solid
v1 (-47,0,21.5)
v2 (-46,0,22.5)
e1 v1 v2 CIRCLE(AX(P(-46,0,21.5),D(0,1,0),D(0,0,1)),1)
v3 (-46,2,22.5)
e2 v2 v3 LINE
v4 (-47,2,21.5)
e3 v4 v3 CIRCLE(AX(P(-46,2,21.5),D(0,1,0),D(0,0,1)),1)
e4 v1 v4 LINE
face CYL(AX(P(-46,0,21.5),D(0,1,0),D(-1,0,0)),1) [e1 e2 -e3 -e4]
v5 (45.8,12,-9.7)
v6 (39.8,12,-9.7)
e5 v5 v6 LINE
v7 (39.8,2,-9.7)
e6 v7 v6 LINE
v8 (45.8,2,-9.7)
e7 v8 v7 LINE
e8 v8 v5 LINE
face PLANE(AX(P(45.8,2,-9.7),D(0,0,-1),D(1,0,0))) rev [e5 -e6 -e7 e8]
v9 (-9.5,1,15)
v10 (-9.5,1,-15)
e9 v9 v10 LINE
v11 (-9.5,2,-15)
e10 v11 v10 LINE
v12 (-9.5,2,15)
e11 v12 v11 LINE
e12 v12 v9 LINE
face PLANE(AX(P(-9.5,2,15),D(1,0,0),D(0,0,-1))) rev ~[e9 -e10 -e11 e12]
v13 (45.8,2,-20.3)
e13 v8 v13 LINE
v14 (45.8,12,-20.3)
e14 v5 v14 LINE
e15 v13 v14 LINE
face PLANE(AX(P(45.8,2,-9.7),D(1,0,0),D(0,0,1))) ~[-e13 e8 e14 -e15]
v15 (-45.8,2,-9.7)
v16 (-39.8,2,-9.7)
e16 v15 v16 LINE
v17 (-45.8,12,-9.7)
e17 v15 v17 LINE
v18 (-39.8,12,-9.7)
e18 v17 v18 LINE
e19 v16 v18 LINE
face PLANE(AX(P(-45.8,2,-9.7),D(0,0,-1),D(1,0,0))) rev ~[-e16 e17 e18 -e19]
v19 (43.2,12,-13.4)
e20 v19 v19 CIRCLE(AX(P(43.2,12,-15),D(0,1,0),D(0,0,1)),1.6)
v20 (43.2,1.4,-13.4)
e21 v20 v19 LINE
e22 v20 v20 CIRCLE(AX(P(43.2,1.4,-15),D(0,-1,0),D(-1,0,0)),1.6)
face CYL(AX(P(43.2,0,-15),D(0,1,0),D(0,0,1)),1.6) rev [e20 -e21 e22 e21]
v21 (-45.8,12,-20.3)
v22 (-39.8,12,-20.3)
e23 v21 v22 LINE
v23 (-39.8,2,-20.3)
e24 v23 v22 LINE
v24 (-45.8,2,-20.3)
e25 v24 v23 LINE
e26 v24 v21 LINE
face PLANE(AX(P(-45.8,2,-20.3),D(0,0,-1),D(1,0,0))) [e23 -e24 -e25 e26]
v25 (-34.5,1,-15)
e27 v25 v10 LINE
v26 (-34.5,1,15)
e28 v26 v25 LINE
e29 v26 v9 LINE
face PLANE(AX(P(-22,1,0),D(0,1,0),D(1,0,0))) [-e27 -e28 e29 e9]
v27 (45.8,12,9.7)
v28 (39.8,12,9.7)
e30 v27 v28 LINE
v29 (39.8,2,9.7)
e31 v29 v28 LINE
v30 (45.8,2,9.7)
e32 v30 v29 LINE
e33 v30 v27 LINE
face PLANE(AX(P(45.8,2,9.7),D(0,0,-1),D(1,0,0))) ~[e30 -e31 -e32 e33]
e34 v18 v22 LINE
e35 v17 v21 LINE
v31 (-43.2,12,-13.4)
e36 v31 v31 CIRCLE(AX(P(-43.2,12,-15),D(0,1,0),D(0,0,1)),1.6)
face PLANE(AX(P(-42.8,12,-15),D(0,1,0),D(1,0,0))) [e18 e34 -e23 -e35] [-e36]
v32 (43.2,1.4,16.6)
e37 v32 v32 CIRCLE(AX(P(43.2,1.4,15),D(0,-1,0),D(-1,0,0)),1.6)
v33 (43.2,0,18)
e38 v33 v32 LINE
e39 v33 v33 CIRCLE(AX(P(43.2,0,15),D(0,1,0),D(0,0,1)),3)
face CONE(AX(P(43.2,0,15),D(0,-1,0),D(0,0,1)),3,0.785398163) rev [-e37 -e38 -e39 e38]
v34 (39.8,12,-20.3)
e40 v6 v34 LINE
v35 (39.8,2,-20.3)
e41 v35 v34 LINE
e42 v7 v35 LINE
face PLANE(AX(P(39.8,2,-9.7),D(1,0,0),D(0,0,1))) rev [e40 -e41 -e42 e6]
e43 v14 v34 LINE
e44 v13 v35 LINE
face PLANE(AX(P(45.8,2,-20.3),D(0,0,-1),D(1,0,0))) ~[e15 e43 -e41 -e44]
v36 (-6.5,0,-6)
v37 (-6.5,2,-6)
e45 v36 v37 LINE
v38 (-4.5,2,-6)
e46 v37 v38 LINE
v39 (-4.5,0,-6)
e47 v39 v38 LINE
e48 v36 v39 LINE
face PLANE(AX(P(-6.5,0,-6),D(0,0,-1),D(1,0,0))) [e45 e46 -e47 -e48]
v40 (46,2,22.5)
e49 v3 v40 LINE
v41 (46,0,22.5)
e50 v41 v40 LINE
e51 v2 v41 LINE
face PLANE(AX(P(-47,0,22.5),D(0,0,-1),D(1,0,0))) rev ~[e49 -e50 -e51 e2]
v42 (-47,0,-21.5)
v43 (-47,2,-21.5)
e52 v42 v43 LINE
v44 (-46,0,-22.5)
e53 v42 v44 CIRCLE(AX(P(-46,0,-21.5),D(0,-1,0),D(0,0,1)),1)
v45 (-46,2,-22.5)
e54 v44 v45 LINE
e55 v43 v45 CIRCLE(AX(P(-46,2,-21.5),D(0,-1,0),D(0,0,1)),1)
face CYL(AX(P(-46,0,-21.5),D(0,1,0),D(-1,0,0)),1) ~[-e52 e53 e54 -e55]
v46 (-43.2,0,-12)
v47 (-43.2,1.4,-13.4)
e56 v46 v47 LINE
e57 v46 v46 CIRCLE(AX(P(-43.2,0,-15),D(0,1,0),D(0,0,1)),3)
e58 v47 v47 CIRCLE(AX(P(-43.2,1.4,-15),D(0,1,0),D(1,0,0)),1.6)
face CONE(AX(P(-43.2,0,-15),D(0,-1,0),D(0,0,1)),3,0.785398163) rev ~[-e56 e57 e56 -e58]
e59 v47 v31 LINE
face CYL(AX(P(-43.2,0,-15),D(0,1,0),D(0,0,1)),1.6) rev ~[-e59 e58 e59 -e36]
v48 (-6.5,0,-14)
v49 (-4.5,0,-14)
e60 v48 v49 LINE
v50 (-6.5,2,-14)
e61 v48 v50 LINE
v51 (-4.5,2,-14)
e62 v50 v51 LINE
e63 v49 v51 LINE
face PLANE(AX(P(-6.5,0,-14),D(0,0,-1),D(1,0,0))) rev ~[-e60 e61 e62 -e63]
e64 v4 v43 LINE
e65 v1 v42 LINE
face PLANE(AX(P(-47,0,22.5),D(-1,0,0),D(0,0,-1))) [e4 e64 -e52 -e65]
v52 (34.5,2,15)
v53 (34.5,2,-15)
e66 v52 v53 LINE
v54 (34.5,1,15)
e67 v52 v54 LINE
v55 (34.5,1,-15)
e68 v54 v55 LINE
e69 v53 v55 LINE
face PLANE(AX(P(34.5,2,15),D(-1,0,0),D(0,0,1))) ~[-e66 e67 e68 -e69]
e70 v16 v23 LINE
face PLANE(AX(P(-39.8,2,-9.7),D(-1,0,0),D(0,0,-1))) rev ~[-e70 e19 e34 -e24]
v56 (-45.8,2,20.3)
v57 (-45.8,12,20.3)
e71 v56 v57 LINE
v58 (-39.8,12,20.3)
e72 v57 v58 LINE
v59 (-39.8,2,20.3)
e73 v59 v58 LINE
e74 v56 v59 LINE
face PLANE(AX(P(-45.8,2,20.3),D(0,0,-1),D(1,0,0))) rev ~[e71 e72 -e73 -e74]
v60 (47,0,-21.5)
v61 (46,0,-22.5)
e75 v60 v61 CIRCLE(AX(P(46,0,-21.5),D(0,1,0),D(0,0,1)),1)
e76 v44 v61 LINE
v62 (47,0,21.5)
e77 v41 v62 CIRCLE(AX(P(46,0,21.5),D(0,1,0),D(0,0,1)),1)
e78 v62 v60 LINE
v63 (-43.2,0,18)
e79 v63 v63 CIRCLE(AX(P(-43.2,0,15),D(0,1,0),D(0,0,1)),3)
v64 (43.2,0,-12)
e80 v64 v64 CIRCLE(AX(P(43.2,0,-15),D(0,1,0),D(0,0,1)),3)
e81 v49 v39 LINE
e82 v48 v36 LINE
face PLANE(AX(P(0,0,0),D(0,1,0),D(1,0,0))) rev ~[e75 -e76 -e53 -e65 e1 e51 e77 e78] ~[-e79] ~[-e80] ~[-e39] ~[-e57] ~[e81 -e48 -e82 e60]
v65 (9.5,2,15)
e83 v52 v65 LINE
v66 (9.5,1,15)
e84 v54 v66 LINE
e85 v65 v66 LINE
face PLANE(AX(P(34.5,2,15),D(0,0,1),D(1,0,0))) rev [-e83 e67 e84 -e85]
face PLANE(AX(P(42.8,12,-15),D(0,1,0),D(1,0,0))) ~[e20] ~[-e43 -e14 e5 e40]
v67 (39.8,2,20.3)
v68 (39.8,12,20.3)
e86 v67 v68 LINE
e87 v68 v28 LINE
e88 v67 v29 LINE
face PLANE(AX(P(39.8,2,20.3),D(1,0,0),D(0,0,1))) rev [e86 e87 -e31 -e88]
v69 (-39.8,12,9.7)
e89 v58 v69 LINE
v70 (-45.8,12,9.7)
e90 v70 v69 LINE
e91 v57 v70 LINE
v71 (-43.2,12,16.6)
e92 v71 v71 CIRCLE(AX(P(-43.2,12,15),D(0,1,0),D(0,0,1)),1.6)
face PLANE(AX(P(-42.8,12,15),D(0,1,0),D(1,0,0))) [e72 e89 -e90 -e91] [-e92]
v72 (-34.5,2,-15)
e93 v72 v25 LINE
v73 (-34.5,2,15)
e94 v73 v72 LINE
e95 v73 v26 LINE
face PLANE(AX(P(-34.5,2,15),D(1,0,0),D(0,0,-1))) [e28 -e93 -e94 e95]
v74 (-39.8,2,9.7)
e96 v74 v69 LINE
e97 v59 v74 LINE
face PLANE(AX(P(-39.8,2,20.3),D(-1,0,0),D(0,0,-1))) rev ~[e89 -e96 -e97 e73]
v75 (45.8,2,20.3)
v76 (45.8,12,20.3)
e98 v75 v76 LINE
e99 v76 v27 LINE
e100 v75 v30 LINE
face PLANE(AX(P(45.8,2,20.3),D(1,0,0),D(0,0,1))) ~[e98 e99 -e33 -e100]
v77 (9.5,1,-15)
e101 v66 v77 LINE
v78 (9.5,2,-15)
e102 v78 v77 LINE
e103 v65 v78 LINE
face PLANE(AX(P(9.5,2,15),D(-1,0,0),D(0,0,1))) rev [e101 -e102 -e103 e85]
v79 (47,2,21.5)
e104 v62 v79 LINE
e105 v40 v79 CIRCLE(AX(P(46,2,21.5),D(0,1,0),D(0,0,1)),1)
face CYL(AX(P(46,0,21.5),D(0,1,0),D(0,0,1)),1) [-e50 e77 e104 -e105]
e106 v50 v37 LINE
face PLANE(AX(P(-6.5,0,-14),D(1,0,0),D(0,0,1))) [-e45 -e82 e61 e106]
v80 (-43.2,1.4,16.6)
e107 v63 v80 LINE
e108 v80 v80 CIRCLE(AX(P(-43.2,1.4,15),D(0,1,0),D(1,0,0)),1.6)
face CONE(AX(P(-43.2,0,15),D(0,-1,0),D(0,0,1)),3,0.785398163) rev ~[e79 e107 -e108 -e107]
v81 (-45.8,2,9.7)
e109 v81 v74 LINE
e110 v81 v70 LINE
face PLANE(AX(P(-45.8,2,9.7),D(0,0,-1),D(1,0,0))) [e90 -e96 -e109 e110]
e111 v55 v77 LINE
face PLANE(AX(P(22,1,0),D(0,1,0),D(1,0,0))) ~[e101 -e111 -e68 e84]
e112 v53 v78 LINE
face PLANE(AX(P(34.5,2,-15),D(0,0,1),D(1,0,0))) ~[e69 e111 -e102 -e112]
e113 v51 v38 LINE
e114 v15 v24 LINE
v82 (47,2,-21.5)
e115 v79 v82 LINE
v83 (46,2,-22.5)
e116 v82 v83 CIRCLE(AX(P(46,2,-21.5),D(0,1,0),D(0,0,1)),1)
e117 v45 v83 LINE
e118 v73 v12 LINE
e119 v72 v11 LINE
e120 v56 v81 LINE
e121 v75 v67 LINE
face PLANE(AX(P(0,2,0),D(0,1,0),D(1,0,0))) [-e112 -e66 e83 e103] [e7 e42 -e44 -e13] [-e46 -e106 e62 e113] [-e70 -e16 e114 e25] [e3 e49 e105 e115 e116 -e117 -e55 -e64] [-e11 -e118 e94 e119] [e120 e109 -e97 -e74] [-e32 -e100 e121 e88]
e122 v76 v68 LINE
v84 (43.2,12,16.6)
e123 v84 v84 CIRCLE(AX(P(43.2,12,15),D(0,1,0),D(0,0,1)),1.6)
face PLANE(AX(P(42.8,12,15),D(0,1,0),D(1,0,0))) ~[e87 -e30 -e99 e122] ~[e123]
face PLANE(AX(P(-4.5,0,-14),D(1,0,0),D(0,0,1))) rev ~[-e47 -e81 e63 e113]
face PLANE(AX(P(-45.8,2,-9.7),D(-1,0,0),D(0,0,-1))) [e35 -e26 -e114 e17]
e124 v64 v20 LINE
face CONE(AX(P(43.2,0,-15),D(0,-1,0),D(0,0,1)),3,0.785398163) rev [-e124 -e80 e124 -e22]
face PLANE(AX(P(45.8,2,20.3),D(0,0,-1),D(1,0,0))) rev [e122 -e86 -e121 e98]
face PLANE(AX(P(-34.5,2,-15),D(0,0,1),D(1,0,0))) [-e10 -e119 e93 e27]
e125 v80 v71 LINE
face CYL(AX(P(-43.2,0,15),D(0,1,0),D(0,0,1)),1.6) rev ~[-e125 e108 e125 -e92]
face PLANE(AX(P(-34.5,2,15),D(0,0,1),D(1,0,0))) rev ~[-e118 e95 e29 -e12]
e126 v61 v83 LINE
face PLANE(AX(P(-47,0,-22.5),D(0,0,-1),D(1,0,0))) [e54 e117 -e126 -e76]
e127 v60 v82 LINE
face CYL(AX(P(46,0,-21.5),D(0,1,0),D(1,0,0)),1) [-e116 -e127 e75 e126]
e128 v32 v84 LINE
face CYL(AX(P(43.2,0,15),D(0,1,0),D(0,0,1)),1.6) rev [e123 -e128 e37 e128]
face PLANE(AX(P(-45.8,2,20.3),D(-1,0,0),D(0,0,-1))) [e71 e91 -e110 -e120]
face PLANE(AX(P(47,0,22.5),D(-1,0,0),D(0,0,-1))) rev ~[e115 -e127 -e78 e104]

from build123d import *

# Parameters (mm, degrees)
SKETCH1_W                                           = 94
SKETCH1_H                                           = 45
BOSS_EXTRUDE1_DEPTH                                 = 2
FILLET1_R                                           = 1
SKETCH2_W                                           = 6
SKETCH2_H                                           = 10.6
BOSS_EXTRUDE2_DEPTH                                 = 10
SKETCH8_W                                           = 25
SKETCH8_H                                           = 30
CUT_EXTRUDE1_DEPTH                                  = 1
CSK_FOR_M5_COUNTERSUNK_FLAT_HEAD_SCREW1_D           = 3.2
CSK_FOR_M5_COUNTERSUNK_FLAT_HEAD_SCREW1_DEPTH       = 15
CSK_FOR_M5_COUNTERSUNK_FLAT_HEAD_SCREW1_CSINK_D     = 6
CSK_FOR_M5_COUNTERSUNK_FLAT_HEAD_SCREW1_CSINK_ANGLE = 90
CUT_EXTRUDE2_REACH                                  = 55.472
SKETCH9_W                                           = 2
SKETCH9_H                                           = 8


with BuildPart() as part:
    # Sketch1 → Boss-Extrude1 (new body)
    with BuildSketch(Plane(origin=(0, 0, 0), x_dir=(1, 0, 0), z_dir=(0, 1, 0))):
        Rectangle(SKETCH1_W, SKETCH1_H)
    extrude(amount=BOSS_EXTRUDE1_DEPTH)

    # Fillet1
    fillet1_edges = [part.edges().sort_by_distance(p)[0] for p in [
        (-47, 1, 22.5),
        (47, 1, 22.5),
        (47, 1, -22.5),
        (-47, 1, -22.5),
    ]]
    fillet(fillet1_edges, radius=FILLET1_R)

    # Sketch2 → Boss-Extrude2 (add)
    with BuildSketch(Plane(origin=(0, 2, 0), x_dir=(1, 0, 0), z_dir=(0, 1, 0))):
        with Locations((-42.8, -15)):
            Rectangle(SKETCH2_W, SKETCH2_H)
        with Locations((-42.8, 15)):
            Rectangle(SKETCH2_W, SKETCH2_H)
    boss_extrude2 = extrude(amount=BOSS_EXTRUDE2_DEPTH)

    # Sketch8 → Cut-Extrude1 (cut)
    with BuildSketch(Plane(origin=(0, 2, 0), x_dir=(1, 0, 0), z_dir=(0, 1, 0))):
        with Locations((-22, 0)):
            Rectangle(SKETCH8_W, SKETCH8_H)
    cut_extrude1 = extrude(amount=-CUT_EXTRUDE1_DEPTH, mode=Mode.SUBTRACT)

    # CSK for M5 Countersunk Flat Head Screw1
    with Locations(Plane(origin=(-43.2, 0, -15), x_dir=(0, 0, -1), z_dir=(0, -1, 0))):
        with Locations((0, 0), (-30, 0)):
            csk_for_m5_countersunk_flat_head_screw1 = CounterSinkHole(CSK_FOR_M5_COUNTERSUNK_FLAT_HEAD_SCREW1_D / 2, CSK_FOR_M5_COUNTERSUNK_FLAT_HEAD_SCREW1_CSINK_D / 2, depth=CSK_FOR_M5_COUNTERSUNK_FLAT_HEAD_SCREW1_DEPTH, counter_sink_angle=CSK_FOR_M5_COUNTERSUNK_FLAT_HEAD_SCREW1_CSINK_ANGLE)

    # Mirror1: Boss-Extrude2, Cut-Extrude1, CSK for M5 Countersunk Flat Head Screw1 across plane
    add(boss_extrude2.mirror(Plane.ZY))
    add(cut_extrude1.mirror(Plane.ZY), mode=Mode.SUBTRACT)
    add(csk_for_m5_countersunk_flat_head_screw1.mirror(Plane.ZY), mode=Mode.SUBTRACT)

    # Sketch9 → Cut-Extrude2 (cut, up to next)
    with BuildSketch(Plane.XZ, mode=Mode.PRIVATE) as cut_extrude2_sk1:
        with Locations((-5.5, -10)):
            Rectangle(SKETCH9_W, SKETCH9_H)
    cut_extrude2_tool1 = extrude(cut_extrude2_sk1.sketch, amount=-CUT_EXTRUDE2_REACH, mode=Mode.PRIVATE) & part.part
    add(cut_extrude2_tool1.solids().sort_by_distance((-5.5, 0, -10))[0], mode=Mode.SUBTRACT)


solid = part.part
